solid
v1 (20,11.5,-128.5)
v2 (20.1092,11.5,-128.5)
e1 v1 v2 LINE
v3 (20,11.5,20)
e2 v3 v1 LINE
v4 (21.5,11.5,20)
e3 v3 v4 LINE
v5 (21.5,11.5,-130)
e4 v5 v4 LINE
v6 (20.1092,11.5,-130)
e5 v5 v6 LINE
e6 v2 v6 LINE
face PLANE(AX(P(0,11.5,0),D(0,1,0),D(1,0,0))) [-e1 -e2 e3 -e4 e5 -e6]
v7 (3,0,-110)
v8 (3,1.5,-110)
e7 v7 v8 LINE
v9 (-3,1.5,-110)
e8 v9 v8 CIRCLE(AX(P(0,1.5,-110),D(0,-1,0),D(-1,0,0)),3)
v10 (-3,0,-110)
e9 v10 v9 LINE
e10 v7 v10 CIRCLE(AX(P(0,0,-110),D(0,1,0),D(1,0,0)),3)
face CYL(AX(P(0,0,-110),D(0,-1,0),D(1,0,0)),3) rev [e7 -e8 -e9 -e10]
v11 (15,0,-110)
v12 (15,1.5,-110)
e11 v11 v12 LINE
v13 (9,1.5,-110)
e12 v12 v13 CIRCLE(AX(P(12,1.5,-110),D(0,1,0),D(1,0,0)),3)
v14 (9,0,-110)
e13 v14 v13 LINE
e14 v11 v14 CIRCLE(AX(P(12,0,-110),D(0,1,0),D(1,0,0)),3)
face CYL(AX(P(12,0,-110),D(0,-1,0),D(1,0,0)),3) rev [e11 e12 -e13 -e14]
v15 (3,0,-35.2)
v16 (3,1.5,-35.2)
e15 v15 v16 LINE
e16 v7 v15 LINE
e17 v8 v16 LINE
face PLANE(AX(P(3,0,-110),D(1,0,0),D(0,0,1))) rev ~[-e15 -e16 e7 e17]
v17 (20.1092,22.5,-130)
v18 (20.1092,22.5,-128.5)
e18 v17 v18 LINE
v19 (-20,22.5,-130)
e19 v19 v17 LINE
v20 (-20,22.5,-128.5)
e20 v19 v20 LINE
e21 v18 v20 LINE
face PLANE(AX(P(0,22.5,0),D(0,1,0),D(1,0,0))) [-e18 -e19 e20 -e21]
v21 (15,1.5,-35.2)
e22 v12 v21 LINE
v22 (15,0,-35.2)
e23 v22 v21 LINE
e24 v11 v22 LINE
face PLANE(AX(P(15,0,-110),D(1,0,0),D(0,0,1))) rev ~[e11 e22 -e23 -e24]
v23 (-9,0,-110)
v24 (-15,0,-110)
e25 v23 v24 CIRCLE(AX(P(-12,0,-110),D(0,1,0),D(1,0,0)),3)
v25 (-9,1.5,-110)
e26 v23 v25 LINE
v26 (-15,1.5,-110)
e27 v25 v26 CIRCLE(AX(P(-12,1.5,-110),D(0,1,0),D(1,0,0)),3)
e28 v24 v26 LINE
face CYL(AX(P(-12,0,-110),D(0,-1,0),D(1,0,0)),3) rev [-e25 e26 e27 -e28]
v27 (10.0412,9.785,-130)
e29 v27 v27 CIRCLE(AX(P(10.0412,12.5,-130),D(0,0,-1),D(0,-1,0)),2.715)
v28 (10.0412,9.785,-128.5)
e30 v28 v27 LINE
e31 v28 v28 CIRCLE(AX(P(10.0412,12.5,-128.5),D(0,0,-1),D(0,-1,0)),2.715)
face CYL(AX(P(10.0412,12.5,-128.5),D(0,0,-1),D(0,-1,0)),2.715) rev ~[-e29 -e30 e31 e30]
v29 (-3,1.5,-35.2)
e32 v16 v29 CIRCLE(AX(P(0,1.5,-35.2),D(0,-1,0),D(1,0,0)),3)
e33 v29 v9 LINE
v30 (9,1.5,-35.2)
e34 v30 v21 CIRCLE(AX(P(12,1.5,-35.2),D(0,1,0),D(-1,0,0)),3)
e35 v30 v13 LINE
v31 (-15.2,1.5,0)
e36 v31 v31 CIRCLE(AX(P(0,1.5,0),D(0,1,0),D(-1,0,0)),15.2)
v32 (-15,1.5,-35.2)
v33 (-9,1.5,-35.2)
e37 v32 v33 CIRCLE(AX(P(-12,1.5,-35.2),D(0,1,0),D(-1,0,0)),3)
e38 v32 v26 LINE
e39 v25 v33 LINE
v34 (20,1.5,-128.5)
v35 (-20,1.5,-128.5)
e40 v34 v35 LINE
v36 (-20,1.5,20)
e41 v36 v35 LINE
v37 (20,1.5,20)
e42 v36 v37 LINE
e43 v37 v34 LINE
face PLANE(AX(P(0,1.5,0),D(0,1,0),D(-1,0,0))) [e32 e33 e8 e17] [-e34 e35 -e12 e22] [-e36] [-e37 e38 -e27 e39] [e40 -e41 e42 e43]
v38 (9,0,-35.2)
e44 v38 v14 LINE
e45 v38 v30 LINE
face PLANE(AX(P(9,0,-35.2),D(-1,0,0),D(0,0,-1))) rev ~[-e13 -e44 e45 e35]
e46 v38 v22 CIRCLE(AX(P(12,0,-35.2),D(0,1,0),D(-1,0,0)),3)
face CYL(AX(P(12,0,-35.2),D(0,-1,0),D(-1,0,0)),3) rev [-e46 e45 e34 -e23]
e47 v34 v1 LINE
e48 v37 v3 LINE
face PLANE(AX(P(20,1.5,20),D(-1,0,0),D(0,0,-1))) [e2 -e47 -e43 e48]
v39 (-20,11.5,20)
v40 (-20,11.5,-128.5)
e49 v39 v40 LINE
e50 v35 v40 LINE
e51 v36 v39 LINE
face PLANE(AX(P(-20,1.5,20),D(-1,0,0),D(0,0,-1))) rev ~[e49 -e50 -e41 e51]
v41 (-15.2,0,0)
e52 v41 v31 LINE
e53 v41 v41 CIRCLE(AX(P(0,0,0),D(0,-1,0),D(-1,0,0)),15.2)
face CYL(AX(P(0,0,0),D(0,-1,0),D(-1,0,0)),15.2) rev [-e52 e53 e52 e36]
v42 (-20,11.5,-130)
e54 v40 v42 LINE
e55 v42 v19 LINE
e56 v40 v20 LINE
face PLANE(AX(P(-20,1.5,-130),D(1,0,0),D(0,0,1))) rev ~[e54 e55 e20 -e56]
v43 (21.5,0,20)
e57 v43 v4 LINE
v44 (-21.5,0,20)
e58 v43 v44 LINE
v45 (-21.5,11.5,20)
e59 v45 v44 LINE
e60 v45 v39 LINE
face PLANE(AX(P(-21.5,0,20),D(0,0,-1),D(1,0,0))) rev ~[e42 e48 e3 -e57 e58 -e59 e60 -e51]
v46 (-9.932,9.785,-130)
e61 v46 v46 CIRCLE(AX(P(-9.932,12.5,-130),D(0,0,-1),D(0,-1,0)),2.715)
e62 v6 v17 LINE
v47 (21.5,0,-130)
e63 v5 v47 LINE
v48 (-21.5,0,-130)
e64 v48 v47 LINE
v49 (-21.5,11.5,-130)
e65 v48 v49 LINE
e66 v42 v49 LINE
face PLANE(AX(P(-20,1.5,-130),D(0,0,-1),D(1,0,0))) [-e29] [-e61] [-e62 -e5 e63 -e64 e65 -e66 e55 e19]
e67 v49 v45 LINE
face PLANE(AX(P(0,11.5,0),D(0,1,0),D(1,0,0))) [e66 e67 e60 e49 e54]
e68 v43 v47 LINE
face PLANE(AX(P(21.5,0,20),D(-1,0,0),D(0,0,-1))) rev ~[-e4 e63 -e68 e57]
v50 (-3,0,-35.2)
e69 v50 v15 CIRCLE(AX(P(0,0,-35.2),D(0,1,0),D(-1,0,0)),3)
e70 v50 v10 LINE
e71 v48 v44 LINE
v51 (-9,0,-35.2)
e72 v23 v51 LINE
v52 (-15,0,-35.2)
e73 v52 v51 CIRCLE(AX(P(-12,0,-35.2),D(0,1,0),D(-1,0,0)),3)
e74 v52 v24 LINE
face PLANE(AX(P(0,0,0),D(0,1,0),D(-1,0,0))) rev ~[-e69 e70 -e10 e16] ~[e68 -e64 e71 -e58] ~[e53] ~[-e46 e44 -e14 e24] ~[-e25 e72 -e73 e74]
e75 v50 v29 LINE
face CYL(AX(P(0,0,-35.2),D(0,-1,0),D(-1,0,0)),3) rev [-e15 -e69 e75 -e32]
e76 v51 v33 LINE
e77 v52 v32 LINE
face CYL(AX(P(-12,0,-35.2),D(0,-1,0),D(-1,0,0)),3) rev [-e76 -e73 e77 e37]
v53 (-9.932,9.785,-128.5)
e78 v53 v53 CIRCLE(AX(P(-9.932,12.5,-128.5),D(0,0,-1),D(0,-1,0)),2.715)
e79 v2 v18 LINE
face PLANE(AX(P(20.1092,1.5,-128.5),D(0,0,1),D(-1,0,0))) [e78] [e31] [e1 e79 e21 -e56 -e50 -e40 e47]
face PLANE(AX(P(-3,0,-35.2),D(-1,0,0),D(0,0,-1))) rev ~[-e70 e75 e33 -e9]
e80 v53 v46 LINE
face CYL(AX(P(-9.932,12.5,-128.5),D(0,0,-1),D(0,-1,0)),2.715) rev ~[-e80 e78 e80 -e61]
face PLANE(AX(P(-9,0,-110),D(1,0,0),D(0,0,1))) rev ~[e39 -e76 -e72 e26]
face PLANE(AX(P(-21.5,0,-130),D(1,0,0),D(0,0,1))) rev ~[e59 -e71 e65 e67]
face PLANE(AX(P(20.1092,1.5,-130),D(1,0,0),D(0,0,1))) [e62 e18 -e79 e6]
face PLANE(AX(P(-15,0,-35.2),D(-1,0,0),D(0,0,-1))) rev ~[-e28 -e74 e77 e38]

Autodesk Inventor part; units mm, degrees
ref_plane "YZ Plane" through (0, 0, 0) normal (1, 0, 0) x (0, 1, 0)
ref_plane "XZ Plane" through (0, 0, 0) normal (0, 1, 0) x (-1, 0, 0)
ref_plane "XY Plane" through (0, 0, 0) normal (0, 0, 1) x (1, 0, 0)
sketch "Sketch1" plane through (0, 0, 0) normal (0, 1, 0) x (-1, 0, 0)
  circle A0 centre (0, 0) radius 15.2
  line L0 (21.5, 20) -> (-21.5, 20)
  line L1 (-21.5, 20) -> (-21.5, -130)
  line L2 (-21.5, -130) -> (21.5, -130)
  line L3 (21.5, -130) -> (21.5, 20)
  line L4 (0, -160) -> (0, 50) projected
  line L5 (12, -35.2) -> (12, -110) construction
  line L6 (15, -35.2) -> (15, -110)
  line L7 (9, -110) -> (9, -35.2)
  arc A1 (15, -35.2) -> (9, -35.2) centre (12, -35.2) ccw
  arc A2 (9, -110) -> (15, -110) centre (12, -110) ccw
  line L8 (0, -35.2) -> (0, -110) construction
  line L9 (3, -35.2) -> (3, -110)
  line L10 (-3, -110) -> (-3, -35.2)
  arc A3 (3, -35.2) -> (-3, -35.2) centre (0, -35.2) ccw
  arc A4 (-3, -110) -> (3, -110) centre (0, -110) ccw
  line L11 (-12, -35.2) -> (-12, -110) construction
  line L12 (-9, -35.2) -> (-9, -110)
  line L13 (-15, -110) -> (-15, -35.2)
  arc A5 (-9, -35.2) -> (-15, -35.2) centre (-12, -35.2) ccw
  arc A6 (-15, -110) -> (-9, -110) centre (-12, -110) ccw
  line L14 (12, -72.6) -> (-12, -72.6) construction
  point P0 (0, 20)
  point P1 (0, -72.6)
  dimension "d0" = 30.4
  dimension "d1" = 43
  dimension "d2" = 150
  dimension "d3" = 20
  dimension "d4" = 74.8
  dimension "d5" = 6
  dimension "d6" = 20
  dimension "d7" = 74.8
  dimension "d8" = 6
  dimension "d9" = 74.8
  dimension "d10" = 6
  dimension "d11" = 24
extrude "Extrusion1" add sketch "Sketch1" along normal blind 1.5 contours A0 L4 L0 L3 L2 A4 L9 A3 | A0 L4 A3 L10 A4 L2 L1 L0
sketch "Sketch2" plane through (0, 1.5, 0) normal (0, 1, 0) x (1, 0, 0)
  line L0 (-21.5, 130) -> (-21.5, -20) projected
  line L1 (-21.5, -20) -> (-20, -20)
  line L2 (-20, -20) -> (-20, 130)
  line L3 (-20, 130) -> (-21.5, 130)
  line L4 (-21.5, 130) -> (-21.5, -20)
  line L5 (-21.5, -20) -> (21.5, -20) projected
  line L6 (21.5, 130) -> (-21.5, 130) projected
  line L7 (21.5, -20) -> (20, -20)
  line L8 (20, -20) -> (20, 130)
  line L9 (20, 130) -> (21.5, 130)
  line L10 (21.5, 130) -> (21.5, -20)
  point P0 (0, 0)
  dimension "d14" = 1.5
  dimension "d15" = 1.5
extrude "Extrusion2" add sketch "Sketch2" along normal blind 10 contours L3 L2 L1 L0 | L6 L10 L5 L8
sketch "Sketch3" plane through (0, 1.5, 0) normal (0, 1, 0) x (1, 0, 0)
  line L0 (-20, 130) -> (-20, -20) projected
  line L1 (-20, 130) -> (20.1092, 130)
  line L2 (20.1092, 130) -> (20.1092, 128.5)
  line L3 (20.1092, 128.5) -> (-20, 128.5)
  line L4 (-20, 128.5) -> (-20, 130)
  point P0 (0, 0)
  point P1 (-20, 128.5)
  dimension "d18" = 1.5
extrude "Extrusion3" add sketch "Sketch3" along normal blind 21
sketch "Sketch4" plane through (-20, 1.5, -128.5) normal (0, 0, 1) x (1, 0, 0)
  line L0 (40, 0) -> (0, 0) projected
  line L1 (0, 21) -> (40.1092, 21) construction
  point P0 (20, -1.5)
  point P1 (10.068, 11)
  point P2 (30.0412, 11)
  point P3 (20.0546, 11.517)
  point P4 (20.0546, 21)
  dimension "d21" = 11
  dimension "d23" = 10
  dimension "d24" = 10
hole "Hole1" at (-9.932, 12.5, -128.5) at (10.0412, 12.5, -128.5) direction (0, 0, -1) diameter 5.43 end through all
properties part number "Support Frame (Filament Holder" material "Steel, Wrought"
